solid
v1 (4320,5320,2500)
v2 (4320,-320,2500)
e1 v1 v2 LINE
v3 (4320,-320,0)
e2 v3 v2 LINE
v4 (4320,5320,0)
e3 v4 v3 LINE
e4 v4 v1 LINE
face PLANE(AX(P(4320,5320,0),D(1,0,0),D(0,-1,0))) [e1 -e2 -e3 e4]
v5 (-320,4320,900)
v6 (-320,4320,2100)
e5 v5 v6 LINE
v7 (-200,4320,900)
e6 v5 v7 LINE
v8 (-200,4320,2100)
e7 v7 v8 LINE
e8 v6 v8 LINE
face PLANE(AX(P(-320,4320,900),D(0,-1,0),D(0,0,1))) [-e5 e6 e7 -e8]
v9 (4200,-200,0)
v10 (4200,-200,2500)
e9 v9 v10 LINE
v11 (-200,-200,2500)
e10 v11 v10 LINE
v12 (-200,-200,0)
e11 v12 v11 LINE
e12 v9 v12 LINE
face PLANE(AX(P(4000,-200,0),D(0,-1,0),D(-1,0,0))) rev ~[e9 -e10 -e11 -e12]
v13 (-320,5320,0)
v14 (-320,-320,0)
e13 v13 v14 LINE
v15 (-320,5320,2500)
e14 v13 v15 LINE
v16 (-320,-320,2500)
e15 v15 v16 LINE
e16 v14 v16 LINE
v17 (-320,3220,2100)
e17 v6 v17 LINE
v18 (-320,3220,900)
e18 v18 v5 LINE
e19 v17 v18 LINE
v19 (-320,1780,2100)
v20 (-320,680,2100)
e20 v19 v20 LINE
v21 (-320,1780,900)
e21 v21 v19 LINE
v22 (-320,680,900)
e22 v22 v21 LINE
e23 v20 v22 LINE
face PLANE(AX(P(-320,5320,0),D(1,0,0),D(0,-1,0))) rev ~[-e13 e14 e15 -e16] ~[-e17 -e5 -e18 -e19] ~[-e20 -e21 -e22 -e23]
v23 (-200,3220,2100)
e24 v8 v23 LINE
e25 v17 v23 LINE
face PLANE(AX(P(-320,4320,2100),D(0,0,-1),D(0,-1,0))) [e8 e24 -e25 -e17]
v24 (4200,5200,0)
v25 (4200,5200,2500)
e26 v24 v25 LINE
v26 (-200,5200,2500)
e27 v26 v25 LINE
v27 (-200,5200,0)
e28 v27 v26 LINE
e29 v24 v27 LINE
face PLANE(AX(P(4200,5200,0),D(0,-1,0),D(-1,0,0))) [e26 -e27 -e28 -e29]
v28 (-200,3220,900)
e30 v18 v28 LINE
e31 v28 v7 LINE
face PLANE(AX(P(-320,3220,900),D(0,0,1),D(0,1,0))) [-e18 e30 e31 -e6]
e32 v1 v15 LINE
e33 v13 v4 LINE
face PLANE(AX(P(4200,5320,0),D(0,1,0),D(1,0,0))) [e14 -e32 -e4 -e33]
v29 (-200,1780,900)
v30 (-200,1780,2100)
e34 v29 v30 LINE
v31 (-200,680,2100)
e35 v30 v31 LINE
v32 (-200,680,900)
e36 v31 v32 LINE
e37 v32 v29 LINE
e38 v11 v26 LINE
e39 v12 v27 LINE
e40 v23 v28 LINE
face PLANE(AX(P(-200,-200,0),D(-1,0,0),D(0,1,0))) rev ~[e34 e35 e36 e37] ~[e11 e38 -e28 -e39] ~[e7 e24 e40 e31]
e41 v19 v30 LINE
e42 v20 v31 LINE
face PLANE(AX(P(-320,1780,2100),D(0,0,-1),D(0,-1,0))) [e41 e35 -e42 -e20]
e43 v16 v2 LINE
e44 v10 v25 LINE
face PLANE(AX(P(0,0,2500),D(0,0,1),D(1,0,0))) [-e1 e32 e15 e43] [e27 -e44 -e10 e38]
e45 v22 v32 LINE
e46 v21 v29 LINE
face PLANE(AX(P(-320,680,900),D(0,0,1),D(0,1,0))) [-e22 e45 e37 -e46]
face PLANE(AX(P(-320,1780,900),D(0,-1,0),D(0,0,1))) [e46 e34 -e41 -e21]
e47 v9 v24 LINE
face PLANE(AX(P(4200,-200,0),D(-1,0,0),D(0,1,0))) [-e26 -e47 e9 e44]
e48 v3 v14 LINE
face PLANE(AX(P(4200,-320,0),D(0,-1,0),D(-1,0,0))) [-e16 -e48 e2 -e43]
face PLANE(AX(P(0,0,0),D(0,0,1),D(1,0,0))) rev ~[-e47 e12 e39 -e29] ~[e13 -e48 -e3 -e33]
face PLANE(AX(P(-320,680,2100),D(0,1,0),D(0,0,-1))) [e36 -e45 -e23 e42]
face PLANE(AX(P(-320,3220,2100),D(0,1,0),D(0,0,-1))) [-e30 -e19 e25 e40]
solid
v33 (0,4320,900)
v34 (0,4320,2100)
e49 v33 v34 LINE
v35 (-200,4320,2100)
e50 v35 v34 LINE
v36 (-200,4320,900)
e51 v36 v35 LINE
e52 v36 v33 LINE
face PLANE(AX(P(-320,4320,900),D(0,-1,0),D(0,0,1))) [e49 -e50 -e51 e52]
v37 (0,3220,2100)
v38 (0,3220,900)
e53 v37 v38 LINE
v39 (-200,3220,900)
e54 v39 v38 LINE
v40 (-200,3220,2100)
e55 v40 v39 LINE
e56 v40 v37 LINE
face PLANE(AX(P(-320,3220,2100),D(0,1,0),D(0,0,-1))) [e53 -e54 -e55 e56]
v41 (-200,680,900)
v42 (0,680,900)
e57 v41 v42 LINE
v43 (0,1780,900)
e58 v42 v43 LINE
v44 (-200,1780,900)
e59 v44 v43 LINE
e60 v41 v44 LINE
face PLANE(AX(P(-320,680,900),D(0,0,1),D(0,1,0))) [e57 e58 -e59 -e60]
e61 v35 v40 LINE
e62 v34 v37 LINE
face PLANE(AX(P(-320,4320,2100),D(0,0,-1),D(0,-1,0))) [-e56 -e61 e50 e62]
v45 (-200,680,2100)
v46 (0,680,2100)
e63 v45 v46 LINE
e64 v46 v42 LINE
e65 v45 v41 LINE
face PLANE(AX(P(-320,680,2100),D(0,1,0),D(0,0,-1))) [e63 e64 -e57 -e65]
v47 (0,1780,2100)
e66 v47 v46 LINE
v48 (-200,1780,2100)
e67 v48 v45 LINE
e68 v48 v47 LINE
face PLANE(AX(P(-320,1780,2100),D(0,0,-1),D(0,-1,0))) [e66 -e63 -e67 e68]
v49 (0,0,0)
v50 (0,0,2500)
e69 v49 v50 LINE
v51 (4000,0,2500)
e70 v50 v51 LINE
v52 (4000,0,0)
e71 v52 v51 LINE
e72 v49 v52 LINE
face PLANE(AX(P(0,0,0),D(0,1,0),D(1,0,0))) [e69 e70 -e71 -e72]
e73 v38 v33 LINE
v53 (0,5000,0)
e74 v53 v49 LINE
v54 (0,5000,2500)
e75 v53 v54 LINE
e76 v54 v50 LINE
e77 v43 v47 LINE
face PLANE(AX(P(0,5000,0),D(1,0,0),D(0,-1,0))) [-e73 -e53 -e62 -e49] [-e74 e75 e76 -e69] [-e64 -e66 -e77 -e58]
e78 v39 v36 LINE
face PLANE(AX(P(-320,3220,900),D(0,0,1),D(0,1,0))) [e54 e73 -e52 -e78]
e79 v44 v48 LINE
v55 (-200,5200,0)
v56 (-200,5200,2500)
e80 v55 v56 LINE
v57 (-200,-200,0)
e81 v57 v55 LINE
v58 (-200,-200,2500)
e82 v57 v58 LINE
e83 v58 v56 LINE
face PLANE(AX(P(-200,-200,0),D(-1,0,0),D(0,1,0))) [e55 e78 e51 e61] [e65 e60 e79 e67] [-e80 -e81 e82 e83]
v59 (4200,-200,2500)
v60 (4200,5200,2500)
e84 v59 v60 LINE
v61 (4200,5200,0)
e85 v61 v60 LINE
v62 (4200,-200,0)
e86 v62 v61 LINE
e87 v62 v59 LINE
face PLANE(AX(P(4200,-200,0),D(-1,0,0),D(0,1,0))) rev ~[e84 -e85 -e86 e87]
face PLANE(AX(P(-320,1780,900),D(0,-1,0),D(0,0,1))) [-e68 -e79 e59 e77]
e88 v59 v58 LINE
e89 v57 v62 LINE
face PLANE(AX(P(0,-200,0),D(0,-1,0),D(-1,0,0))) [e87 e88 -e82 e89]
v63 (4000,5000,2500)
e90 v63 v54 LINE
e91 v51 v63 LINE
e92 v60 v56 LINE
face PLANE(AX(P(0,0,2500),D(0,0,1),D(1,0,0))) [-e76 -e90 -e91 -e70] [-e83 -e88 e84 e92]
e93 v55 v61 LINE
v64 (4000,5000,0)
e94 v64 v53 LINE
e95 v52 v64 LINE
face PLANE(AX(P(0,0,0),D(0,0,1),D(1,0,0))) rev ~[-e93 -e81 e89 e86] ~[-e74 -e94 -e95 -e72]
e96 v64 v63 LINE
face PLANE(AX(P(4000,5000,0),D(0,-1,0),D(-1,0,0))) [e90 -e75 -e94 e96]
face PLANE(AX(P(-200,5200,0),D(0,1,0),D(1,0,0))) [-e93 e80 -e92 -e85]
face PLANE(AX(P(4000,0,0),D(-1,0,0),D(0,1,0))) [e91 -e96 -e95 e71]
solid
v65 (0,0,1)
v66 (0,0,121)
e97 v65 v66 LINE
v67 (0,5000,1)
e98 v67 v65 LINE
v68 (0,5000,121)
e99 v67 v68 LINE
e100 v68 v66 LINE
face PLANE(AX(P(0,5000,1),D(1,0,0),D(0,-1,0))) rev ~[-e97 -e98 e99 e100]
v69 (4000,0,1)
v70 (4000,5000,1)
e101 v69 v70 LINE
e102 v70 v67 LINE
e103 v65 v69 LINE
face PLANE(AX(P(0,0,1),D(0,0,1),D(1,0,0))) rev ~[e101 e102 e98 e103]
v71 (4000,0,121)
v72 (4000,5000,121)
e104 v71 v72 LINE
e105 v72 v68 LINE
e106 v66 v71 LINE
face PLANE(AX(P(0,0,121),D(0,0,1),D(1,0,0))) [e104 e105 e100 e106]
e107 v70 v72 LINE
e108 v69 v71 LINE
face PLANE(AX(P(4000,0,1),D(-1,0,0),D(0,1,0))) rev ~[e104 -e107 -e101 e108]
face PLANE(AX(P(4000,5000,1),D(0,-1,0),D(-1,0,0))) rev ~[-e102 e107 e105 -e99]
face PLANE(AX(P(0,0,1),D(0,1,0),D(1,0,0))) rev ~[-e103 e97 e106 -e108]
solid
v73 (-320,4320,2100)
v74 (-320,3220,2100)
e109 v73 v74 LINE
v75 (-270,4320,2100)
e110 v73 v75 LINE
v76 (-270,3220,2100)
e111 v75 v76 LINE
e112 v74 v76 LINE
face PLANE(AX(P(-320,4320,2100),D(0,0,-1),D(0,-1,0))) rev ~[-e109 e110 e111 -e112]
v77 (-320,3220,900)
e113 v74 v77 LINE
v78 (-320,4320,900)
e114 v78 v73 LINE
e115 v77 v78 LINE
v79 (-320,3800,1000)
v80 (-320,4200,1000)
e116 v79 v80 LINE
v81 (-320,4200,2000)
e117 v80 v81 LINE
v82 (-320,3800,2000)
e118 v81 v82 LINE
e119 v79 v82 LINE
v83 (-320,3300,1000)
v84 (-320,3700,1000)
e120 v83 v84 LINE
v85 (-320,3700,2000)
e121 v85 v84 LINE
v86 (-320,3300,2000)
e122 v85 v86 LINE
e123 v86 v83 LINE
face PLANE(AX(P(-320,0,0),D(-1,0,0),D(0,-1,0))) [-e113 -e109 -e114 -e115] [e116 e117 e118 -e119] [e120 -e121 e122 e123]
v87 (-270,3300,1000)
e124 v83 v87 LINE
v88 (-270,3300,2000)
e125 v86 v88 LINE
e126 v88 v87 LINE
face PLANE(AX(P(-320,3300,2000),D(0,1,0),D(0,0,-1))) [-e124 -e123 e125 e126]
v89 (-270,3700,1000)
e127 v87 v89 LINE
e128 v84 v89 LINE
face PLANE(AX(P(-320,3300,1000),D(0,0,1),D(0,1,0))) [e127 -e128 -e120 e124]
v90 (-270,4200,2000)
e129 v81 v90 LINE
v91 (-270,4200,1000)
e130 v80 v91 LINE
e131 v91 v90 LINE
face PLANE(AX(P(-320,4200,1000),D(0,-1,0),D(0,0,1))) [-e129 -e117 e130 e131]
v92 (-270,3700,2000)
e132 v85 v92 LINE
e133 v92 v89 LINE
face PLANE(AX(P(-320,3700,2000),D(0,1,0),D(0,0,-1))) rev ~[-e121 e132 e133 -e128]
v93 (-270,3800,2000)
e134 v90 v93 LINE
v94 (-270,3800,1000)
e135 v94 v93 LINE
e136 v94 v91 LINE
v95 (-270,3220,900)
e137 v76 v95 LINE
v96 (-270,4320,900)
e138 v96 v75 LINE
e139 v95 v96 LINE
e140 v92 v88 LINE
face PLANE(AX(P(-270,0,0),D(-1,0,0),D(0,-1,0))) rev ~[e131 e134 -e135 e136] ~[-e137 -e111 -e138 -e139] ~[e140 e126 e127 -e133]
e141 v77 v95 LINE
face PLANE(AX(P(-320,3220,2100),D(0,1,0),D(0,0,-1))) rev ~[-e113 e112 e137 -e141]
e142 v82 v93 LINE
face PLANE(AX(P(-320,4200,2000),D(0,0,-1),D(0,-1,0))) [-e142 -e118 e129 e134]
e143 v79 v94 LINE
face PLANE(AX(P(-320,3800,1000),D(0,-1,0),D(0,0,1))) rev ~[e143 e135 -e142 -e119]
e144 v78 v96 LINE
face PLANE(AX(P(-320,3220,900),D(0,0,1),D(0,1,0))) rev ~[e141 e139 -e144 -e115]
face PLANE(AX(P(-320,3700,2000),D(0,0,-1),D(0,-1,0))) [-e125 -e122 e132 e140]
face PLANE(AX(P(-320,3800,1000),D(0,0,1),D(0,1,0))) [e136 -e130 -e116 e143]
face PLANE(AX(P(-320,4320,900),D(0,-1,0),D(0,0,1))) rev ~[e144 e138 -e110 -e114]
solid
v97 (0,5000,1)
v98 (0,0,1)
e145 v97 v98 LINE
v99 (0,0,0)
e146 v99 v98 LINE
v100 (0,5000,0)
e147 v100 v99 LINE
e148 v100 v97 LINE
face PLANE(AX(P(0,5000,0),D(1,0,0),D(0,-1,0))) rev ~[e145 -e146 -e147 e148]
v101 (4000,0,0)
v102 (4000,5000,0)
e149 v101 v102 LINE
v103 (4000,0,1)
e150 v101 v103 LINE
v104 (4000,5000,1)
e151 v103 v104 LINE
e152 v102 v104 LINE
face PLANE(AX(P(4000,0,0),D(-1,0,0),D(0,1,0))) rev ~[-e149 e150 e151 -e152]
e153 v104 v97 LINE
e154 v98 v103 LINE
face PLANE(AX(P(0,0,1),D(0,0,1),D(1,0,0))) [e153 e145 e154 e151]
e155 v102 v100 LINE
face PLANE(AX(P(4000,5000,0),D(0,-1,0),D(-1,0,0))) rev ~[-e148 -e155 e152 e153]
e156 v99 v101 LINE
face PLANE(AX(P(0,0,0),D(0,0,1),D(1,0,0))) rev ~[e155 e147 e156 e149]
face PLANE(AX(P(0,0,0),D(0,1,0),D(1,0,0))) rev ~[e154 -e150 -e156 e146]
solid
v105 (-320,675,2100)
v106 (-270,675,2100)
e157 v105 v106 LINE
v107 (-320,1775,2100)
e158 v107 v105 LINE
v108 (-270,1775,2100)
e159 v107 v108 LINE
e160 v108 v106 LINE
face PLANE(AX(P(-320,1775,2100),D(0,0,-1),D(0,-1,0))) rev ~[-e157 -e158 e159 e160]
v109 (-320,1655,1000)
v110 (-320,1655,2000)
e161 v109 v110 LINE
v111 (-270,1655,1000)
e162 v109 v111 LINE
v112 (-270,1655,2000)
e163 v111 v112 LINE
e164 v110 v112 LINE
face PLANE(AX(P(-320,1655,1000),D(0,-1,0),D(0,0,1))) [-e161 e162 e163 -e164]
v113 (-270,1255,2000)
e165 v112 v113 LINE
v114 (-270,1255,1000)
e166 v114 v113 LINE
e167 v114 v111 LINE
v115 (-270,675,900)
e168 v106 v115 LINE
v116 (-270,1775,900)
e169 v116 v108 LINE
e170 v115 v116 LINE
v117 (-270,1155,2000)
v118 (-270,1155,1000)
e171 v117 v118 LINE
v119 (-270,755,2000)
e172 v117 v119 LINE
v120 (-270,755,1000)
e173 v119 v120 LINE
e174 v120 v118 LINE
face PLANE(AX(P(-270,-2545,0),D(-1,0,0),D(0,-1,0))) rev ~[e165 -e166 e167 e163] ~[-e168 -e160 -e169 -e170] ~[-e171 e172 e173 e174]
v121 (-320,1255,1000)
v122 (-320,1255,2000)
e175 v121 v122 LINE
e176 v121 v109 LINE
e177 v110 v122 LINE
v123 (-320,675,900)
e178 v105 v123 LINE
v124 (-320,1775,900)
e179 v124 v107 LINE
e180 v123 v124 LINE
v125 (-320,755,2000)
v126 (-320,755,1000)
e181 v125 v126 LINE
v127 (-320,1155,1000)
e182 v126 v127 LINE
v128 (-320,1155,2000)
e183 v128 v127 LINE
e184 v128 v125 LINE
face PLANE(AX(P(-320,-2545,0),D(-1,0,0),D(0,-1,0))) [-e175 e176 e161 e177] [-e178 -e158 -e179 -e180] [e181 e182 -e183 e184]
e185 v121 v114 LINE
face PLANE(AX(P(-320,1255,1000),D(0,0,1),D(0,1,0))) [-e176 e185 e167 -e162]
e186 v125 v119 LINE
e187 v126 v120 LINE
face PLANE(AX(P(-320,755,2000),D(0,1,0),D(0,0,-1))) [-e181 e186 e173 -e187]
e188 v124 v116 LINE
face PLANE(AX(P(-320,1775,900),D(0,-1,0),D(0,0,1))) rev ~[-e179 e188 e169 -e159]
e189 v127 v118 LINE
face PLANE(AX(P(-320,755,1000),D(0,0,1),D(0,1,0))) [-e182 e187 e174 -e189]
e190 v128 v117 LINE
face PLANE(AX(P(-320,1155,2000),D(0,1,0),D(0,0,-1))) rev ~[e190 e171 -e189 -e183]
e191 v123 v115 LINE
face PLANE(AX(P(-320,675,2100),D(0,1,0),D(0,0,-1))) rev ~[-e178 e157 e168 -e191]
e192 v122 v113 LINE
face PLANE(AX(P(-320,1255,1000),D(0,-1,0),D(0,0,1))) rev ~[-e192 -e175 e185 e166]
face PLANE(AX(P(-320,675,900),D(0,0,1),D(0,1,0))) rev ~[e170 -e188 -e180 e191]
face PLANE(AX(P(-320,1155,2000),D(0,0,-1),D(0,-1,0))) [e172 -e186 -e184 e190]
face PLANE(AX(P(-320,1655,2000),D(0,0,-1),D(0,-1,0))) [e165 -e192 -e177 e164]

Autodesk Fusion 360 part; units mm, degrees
sketch "Esquisse1" plane through (0, 0, 0) normal (0, 0, 1) x (1, 0, 0)
  line L0 (0, 0) -> (4000, 0)
  line L1 (4000, 0) -> (4000, 5000)
  line L2 (4000, 5000) -> (0, 5000)
  line L3 (0, 5000) -> (0, 0)
  line L4 (0, 5000) -> (4000, 5000)
  line L5 (4000, 5000) -> (4000, 5200)
  line L6 (4000, 5200) -> (0, 5200)
  line L7 (0, 5200) -> (0, 5000)
  line L8 (0, 0) -> (4000, 0)
  line L9 (4000, 0) -> (4000, -200)
  line L10 (4000, -200) -> (0, -200)
  line L11 (0, -200) -> (0, 0)
  line L12 (4000, -200) -> (4200, -200)
  line L13 (4200, -200) -> (4200, 5200)
  line L14 (4200, 5200) -> (4000, 5200)
  line L15 (4000, 5200) -> (4000, -200)
  line L16 (0, -200) -> (-200, -200)
  line L17 (-200, -200) -> (-200, 5200)
  line L18 (-200, 5200) -> (0, 5200)
  line L19 (0, 5200) -> (0, -200)
  line L20 (-200, 5200) -> (4200, 5200)
  line L21 (4200, 5200) -> (4200, 5320)
  line L22 (4200, 5320) -> (-200, 5320)
  line L23 (-200, 5320) -> (-200, 5200)
  line L24 (-200, -200) -> (4200, -200)
  line L25 (4200, -200) -> (4200, -320)
  line L26 (4200, -320) -> (-200, -320)
  line L27 (-200, -320) -> (-200, -200)
  line L28 (-200, 5320) -> (-320, 5320)
  line L29 (-320, 5320) -> (-320, -320)
  line L30 (-320, -320) -> (-200, -320)
  line L31 (-200, -320) -> (-200, 5320)
  line L32 (4200, 5320) -> (4320, 5320)
  line L33 (4320, 5320) -> (4320, -320)
  line L34 (4320, -320) -> (4200, -320)
  line L35 (4200, -320) -> (4200, 5320)
  dimension "d1" = 4000
  dimension "d4" = 5000
  dimension "d5" = 200
  dimension "d6" = 120
  dimension "d7" = 120
  dimension "d8" = 120
  dimension "d9" = 120
  dimension "d11" = 200
extrude "Extrusion1" add sketch "Esquisse1" along normal blind 1 contours L0 L1 L2 L3 L4 L8 L15 L19 makes body 1
extrude "Extrusion3" add sketch "Esquisse1" along normal blind 2500 separate body contours L10 L12 L16 L24 L25 L26 L27 L31 L35 | L6 L14 L18 L20 L21 L22 L23 L31 L35 | L17 L23 L27 L28 L29 L30 L31 | L13 L21 L25 L32 L33 L34 L35 makes body 2
extrude "Extrusion4" add 1 faces at (1333.3333, 3333.3333, 1) along direction (0, 0, 1) blind 120 separate body on bodies 1 makes body 3
extrude "Extrusion2" add sketch "Esquisse1" along normal blind 2500 separate body contours L3 L7 L11 L16 L17 L18 L19 L20 L24 L31 | L0 L8 L9 L10 L11 L15 L19 L24 | L1 L5 L9 L12 L13 L14 L15 L20 L24 L35 | L2 L4 L5 L6 L7 L15 L19 L20 makes body 4
sketch "Esquisse2" plane through (-320, 0, 0) normal (-1, 0, 0) x (0, -1, 0)
  line L0 (-5320, 0) -> (320, 0)
  line L1 (320, 0) -> (320, 2500)
  line L2 (320, 2500) -> (-5320, 2500)
  line L3 (-5320, 2500) -> (-5320, 0)
  line L4 (-1780, 2100) -> (-680, 2100)
  line L5 (-680, 2100) -> (-680, 900)
  line L6 (-680, 900) -> (-1780, 900)
  line L7 (-1780, 900) -> (-1780, 2100)
  line L8 (-5320, 0) -> (320, 0)
  line L9 (-4320, 2100) -> (-3220, 2100)
  line L10 (-3220, 2100) -> (-3220, 900)
  line L11 (-3220, 900) -> (-4320, 900)
  line L12 (-4320, 900) -> (-4320, 2100)
  dimension "d18" = 900
  dimension "d19" = 1100
  dimension "d20" = 1200
  dimension "d21" = 1100
  dimension "d22" = 1200
  dimension "d23" = 900
  dimension "d24" = 1000
  dimension "d25" = 1000
extrude "Extrusion5" cut sketch "Esquisse2" against normal up to surface (320 mm away) contours L4 L5 L6 L7 | L9 L10 L11 L12 bodies 2 4
sketch "Esquisse1 (2)" plane through (-320, 0, 0) normal (-1, 0, 0) x (0, -1, 0) in component "Fenetre"
  line L0 (-4320, 900) -> (-4320, 2100)
  line L1 (-4320, 2100) -> (-3220, 2100)
  line L2 (-3220, 2100) -> (-3220, 900)
  line L3 (-3220, 900) -> (-4320, 900)
  line L4 (-1780, 900) -> (-1780, 2100)
  line L5 (-1780, 2100) -> (-680, 2100)
  line L6 (-680, 2100) -> (-680, 900)
  line L7 (-680, 900) -> (-1780, 900)
  line L8 (-5320, 0) -> (320, 0)
  line L9 (320, 0) -> (320, 2500)
  line L10 (320, 2500) -> (-5320, 2500)
  line L11 (-5320, 2500) -> (-5320, 0)
  line L12 (-4320, 2100) -> (-3220, 2100)
  line L13 (-3220, 2100) -> (-3220, 900)
  line L14 (-3220, 900) -> (-4320, 900)
  line L15 (-4320, 900) -> (-4320, 2100)
  line L16 (-4200, 2000) -> (-3300, 2000)
  line L17 (-3300, 2000) -> (-3300, 1000)
  line L18 (-3300, 1000) -> (-4200, 1000)
  line L19 (-4200, 1000) -> (-4200, 2000)
  line L20 (-3800, 2000) -> (-3700, 2000)
  line L21 (-3700, 2000) -> (-3700, 1000)
  line L22 (-3700, 1000) -> (-3800, 1000)
  line L23 (-3800, 1000) -> (-3800, 2000)
extrude "Extrusion1'" add sketch "Esquisse1 (2)" against normal blind 50 separate body contours L0 L1 L2 L3 L12 L13 L14 L15 | L16 L18 L20 L21 L22 L23 makes body 5 in component "Fenetre"
component "Fenetre" placed x (1, 0, 0) y (0, 1, 0) z (0, 0, 1) at (0, 0, 0)
component "Fenetre" placed x (1, 0, 0) y (0, 1, 0) z (0, 0, 1) at (0, -2545, 0)
equation "d23 = d18"
equation "d25 = d24"
